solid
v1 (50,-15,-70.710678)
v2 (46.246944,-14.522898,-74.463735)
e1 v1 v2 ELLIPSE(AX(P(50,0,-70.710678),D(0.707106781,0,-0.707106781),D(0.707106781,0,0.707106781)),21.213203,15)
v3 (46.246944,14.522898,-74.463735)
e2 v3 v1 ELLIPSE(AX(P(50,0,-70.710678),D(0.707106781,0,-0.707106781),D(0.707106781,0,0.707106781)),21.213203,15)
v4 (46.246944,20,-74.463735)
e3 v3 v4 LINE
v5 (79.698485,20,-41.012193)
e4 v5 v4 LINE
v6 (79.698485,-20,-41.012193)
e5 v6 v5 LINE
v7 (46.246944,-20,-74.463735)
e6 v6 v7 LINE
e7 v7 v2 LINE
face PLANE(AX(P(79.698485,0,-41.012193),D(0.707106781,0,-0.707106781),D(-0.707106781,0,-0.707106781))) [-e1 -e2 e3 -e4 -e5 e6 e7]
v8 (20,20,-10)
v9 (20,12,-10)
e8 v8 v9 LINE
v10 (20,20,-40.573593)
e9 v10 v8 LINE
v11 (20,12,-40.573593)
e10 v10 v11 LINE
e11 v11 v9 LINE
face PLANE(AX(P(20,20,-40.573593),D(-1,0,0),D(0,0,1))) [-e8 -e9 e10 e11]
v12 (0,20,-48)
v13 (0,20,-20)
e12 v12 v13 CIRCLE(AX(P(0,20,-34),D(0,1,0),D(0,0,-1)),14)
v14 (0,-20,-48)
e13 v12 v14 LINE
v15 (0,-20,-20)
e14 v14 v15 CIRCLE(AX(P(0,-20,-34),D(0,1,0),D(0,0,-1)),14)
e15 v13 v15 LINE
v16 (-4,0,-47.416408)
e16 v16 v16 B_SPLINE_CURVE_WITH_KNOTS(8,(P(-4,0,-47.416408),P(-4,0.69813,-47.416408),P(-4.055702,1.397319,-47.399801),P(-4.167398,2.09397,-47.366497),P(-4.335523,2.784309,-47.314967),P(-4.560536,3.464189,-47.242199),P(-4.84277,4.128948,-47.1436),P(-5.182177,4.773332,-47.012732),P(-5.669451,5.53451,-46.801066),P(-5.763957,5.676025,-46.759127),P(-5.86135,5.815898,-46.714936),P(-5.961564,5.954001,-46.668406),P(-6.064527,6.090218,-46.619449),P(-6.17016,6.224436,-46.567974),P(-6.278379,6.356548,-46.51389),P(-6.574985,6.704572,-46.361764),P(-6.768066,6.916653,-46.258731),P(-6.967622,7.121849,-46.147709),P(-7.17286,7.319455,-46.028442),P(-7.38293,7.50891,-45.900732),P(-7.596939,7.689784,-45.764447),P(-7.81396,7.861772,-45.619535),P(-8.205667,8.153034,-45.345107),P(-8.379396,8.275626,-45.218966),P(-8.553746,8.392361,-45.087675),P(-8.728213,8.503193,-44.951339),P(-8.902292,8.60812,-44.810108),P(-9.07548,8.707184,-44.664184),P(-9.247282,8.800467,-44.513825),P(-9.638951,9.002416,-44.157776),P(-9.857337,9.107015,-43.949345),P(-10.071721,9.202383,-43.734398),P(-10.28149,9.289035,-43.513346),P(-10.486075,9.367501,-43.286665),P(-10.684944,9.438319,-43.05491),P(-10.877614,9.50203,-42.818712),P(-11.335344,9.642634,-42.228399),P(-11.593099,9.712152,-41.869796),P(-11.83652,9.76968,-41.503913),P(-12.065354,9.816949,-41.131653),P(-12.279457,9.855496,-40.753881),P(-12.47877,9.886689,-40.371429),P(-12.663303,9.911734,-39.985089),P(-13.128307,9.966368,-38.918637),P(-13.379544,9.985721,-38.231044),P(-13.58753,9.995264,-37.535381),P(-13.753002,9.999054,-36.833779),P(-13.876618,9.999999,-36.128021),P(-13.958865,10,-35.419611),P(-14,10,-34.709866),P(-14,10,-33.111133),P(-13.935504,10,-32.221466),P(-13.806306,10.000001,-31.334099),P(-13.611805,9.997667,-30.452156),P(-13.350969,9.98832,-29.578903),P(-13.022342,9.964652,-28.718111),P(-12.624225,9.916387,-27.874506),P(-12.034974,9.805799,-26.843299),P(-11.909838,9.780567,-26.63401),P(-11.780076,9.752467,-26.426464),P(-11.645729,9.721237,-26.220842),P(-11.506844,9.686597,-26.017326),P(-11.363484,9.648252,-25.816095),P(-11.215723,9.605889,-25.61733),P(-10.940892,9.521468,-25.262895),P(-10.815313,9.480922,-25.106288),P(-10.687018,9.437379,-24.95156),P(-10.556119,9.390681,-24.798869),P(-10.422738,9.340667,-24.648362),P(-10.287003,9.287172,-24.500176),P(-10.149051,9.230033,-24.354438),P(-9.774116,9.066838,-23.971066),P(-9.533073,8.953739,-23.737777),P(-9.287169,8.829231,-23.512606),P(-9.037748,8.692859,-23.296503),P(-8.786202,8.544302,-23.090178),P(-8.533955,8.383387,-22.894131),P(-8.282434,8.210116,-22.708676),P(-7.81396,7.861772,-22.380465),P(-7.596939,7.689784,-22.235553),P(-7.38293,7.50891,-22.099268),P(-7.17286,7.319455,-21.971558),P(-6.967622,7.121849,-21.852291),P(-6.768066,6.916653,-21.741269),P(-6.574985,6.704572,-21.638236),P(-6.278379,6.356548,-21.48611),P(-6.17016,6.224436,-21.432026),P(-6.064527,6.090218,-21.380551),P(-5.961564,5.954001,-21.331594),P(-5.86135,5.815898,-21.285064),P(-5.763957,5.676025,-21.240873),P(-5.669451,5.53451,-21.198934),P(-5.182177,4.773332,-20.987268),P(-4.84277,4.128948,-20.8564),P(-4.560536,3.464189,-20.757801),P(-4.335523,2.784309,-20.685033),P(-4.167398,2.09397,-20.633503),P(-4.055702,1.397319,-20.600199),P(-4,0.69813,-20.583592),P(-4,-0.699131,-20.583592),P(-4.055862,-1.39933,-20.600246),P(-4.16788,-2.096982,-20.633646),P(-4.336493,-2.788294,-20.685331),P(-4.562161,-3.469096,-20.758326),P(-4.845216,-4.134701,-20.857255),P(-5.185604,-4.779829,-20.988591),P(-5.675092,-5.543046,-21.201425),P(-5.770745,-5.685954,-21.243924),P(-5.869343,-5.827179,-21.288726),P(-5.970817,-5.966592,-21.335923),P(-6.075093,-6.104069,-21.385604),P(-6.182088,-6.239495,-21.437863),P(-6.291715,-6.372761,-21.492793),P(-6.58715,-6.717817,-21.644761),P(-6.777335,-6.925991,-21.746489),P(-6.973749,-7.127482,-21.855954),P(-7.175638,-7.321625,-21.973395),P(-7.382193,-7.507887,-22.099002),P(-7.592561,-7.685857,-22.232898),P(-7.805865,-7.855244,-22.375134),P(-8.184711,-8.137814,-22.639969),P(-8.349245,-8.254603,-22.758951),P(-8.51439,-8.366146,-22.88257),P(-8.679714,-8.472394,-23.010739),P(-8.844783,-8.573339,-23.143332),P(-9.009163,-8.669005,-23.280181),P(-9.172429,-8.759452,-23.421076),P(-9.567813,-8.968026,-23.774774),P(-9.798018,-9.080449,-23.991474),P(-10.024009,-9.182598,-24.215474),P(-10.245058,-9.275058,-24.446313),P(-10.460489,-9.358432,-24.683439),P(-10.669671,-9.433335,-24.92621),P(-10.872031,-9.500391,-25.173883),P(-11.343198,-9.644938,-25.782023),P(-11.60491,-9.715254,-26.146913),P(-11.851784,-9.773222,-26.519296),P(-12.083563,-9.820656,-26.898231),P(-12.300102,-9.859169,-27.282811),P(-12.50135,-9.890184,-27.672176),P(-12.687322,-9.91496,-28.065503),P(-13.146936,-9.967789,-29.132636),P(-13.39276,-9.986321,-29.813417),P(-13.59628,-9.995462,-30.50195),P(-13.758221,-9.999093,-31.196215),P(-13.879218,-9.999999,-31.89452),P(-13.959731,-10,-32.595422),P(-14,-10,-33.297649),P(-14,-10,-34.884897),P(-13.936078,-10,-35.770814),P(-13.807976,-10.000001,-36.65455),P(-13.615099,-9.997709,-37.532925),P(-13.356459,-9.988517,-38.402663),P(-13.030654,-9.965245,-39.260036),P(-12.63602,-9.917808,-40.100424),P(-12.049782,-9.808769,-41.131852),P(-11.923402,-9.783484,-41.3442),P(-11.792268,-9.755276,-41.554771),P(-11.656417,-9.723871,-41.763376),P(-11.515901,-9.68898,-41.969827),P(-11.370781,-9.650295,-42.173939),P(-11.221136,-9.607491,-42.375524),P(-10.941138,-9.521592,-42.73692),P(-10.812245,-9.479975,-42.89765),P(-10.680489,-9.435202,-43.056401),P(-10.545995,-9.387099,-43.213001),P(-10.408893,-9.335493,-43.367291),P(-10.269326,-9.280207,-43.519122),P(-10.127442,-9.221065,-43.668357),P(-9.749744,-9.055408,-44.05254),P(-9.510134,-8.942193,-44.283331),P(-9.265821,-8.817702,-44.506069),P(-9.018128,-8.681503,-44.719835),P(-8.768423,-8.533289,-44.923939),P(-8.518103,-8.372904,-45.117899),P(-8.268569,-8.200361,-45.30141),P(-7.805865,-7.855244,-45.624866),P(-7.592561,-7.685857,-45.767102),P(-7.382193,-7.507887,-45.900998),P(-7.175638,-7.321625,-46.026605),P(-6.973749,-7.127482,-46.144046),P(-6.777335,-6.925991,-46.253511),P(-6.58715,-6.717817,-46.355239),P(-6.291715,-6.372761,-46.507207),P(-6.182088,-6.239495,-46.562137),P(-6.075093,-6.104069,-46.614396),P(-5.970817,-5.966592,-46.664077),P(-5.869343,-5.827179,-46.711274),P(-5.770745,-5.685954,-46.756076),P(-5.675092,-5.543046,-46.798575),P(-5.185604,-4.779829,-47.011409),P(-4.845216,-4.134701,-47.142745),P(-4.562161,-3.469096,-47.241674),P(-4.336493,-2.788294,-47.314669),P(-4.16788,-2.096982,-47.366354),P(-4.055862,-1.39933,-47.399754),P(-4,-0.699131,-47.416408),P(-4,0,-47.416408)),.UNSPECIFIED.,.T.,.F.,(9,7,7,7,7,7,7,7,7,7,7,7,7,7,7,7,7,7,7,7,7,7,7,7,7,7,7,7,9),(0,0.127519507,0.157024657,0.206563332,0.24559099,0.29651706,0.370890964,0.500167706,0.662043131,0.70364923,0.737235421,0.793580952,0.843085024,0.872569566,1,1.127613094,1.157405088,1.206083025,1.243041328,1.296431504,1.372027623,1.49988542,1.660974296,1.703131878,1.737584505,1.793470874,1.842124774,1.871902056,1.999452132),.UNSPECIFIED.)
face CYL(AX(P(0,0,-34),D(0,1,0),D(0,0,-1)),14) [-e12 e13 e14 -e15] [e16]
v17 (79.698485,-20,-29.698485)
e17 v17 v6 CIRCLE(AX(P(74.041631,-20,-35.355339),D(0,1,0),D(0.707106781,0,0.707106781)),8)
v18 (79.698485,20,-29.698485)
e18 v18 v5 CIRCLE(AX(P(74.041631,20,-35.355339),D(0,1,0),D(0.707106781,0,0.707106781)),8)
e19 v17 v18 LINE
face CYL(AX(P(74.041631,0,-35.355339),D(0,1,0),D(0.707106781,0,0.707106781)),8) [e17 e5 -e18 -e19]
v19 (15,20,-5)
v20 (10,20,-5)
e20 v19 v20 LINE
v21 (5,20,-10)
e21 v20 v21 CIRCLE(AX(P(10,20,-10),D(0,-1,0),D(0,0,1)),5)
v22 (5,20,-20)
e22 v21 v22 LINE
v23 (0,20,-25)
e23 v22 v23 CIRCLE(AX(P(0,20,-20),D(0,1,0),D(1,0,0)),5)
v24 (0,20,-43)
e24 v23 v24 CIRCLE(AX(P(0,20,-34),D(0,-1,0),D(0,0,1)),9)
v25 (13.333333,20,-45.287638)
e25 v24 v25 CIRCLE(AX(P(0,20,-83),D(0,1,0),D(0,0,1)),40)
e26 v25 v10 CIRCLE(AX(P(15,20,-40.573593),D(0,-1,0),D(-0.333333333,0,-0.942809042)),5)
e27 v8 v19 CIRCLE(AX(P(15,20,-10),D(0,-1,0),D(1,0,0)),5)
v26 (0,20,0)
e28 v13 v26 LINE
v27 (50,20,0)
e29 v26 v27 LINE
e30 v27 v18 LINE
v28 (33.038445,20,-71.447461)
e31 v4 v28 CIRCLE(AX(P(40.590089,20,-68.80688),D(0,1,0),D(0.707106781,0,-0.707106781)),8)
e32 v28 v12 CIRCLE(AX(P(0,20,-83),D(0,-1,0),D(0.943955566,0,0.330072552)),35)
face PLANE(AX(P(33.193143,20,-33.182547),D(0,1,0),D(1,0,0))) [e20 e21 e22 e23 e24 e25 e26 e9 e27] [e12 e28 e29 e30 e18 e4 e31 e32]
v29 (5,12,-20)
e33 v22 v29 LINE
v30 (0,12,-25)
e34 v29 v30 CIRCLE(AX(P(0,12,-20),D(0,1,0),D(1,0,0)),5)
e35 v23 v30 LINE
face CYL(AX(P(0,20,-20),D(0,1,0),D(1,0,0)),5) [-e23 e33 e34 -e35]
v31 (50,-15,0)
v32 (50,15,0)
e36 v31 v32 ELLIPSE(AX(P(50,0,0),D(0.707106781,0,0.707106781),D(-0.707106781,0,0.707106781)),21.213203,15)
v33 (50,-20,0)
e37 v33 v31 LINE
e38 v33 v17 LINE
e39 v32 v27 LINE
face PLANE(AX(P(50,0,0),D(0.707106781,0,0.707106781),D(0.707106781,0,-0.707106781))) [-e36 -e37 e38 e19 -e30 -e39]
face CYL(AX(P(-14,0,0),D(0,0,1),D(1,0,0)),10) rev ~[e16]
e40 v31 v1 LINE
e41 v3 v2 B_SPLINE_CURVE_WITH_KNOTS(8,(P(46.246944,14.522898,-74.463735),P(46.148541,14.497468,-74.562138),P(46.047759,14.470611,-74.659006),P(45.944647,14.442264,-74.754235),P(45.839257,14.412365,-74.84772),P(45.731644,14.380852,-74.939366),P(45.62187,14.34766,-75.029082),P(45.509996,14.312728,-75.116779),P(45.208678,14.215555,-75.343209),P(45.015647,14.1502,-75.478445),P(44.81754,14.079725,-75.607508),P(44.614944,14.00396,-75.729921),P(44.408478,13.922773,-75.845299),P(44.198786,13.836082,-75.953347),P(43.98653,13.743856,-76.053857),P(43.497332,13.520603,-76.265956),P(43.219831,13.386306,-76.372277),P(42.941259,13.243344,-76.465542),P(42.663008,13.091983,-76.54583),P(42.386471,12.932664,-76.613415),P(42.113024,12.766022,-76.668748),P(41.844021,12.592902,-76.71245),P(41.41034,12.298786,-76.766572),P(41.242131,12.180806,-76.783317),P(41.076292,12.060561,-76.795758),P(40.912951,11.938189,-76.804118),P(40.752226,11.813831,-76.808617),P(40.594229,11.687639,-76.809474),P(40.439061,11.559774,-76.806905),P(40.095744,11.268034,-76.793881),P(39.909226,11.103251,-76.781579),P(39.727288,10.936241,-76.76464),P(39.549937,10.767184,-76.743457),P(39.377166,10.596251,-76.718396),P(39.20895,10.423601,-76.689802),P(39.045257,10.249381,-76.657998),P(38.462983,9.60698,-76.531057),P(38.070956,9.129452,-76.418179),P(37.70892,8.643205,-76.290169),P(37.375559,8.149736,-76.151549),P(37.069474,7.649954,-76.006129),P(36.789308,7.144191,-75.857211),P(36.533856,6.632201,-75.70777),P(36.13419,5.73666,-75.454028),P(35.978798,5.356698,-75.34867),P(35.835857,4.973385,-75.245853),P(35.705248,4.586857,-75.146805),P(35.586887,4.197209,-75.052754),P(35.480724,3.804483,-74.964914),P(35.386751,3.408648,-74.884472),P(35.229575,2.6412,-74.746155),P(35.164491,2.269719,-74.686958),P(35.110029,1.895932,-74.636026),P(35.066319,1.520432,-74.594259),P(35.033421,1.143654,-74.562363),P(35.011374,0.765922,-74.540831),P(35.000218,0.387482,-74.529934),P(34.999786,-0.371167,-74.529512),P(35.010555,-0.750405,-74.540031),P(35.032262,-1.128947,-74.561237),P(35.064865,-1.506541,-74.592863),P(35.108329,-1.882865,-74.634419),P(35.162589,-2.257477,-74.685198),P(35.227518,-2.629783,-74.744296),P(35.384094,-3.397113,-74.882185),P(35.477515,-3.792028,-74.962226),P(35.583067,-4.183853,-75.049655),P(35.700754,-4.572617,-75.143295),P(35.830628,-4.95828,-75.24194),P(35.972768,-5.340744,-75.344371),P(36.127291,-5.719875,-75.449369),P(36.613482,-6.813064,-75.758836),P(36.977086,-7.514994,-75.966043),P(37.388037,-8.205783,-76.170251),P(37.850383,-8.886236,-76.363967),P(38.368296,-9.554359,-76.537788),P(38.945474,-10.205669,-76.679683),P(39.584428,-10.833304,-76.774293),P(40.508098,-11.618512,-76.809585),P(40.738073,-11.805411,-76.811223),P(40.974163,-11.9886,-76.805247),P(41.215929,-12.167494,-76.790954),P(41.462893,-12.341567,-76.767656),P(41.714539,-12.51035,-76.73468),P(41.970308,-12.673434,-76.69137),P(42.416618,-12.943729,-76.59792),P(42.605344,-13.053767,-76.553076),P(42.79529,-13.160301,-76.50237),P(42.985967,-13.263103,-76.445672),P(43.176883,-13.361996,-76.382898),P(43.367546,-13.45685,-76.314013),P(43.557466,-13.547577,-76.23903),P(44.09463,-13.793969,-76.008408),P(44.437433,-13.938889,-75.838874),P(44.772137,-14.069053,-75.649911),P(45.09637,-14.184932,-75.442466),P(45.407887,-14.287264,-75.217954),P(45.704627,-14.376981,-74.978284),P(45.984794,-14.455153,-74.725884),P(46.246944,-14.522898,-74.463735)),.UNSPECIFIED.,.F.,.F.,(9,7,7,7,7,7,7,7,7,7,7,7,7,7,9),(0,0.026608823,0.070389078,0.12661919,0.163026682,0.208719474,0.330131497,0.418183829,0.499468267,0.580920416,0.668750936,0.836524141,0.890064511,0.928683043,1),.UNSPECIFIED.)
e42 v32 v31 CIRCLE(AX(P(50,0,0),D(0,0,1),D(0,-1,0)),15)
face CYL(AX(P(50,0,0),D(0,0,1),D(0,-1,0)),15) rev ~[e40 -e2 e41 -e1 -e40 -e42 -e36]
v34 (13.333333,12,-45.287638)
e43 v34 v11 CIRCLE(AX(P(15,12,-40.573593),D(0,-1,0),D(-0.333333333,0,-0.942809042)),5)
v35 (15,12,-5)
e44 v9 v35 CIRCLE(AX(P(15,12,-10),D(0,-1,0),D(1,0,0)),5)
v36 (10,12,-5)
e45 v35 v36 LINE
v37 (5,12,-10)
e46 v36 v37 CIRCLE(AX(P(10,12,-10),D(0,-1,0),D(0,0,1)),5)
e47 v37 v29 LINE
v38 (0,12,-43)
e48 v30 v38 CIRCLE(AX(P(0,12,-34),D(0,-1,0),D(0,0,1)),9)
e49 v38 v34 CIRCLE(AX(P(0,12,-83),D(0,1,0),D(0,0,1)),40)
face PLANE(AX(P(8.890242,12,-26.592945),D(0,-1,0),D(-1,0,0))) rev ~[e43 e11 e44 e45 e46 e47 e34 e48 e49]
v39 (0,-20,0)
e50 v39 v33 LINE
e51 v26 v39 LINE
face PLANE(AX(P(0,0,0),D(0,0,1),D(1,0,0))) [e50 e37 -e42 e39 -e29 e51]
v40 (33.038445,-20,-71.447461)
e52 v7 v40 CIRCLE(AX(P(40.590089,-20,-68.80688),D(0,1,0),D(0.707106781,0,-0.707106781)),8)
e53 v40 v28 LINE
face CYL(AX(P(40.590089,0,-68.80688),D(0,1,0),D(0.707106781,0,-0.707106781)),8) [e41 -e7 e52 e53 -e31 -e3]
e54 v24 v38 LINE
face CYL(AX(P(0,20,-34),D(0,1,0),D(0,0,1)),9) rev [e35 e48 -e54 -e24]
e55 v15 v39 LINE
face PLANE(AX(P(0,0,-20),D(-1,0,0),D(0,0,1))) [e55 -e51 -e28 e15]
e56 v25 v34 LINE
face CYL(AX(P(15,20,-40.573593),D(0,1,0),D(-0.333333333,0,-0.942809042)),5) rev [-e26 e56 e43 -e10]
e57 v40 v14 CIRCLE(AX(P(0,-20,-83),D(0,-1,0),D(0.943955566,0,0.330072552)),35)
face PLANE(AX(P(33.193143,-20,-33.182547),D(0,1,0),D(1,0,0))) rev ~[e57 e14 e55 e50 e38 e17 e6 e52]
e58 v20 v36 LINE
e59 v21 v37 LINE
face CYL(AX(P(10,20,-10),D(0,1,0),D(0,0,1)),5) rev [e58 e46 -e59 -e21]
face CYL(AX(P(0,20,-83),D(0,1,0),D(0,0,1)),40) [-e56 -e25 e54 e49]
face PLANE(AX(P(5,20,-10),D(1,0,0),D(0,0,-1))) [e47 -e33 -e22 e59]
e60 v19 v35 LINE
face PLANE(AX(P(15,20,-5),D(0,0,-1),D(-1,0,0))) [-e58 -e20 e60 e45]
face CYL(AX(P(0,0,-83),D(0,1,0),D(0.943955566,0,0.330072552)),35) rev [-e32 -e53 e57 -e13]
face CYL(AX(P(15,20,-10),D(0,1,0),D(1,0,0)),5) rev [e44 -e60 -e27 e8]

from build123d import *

# Parameters (mm, degrees)
BOSS_EXTRU_1_DEPTH      = 20
ENL_V_MAT_EXTRU_1_DEPTH = 8
ESQUISSE3_R             = 15
ESQUISSE3_R_2           = 10
ENL_V_MAT_EXTRU_2_DEPTH = 115.149577324


with BuildPart() as part:
    # Esquisse1 → Boss.-Extru.1 (new, symmetric)
    with BuildSketch(Plane(origin=(0, 0, 0), x_dir=(1, 0, 0), z_dir=(0, 1, 0))):
        with BuildLine():
            Line((0, 0), (50, 0))
            Line((50, 0), (79.69848481, 29.69848481))
            ThreePointArc((79.69848481, 29.69848481), (82.04163056, 35.355339059), (79.69848481, 41.012193309))
            Line((79.69848481, 41.012193309), (46.246943589, 74.463734529))
            ThreePointArc((46.246943589, 74.463734529), (38.809068701, 76.606108799), (33.038444811, 71.447460693))
            ThreePointArc((33.038444811, 71.447460693), (20.256617737, 54.457585283), (0, 48))
            ThreePointArc((0, 48), (-14, 34), (0, 20))
            Line((0, 20), (0, 0))
        make_face()
    extrude(amount=BOSS_EXTRU_1_DEPTH, both=True)

    # Esquisse2 → Enlèv. mat.-Extru.1 (cut)
    with BuildSketch(Plane(origin=(0, 20, 0), x_dir=(1, 0, 0), z_dir=(0, 1, 0))):
        with BuildLine():
            Line((20, 40.573593129), (20, 10))
            ThreePointArc((20, 10), (18.535533906, 6.464466094), (15, 5))
            Line((15, 5), (10, 5))
            ThreePointArc((10, 5), (6.464466094, 6.464466094), (5, 10))
            Line((5, 10), (5, 20))
            ThreePointArc((5, 20), (3.535533906, 23.535533906), (0, 25))
            ThreePointArc((0, 25), (-9, 34), (0, 43))
            ThreePointArc((0, 43), (6.764079149, 43.576057614), (13.333333333, 45.287638337))
            ThreePointArc((13.333333333, 45.287638337), (17.886751346, 44.656076033), (20, 40.573593129))
        make_face()
    extrude(amount=-ENL_V_MAT_EXTRU_1_DEPTH, mode=Mode.SUBTRACT)

    # Esquisse3 → Enlèv. mat.-Extru.2 (cut, through all)
    with BuildSketch(Plane.XY):
        with Locations(Location((50, 0, 0), (0, 0, 270))):
            Circle(ESQUISSE3_R)
        with Locations((-14, 0)):
            Circle(ESQUISSE3_R_2)
    extrude(amount=-ENL_V_MAT_EXTRU_2_DEPTH, mode=Mode.SUBTRACT)


solid = part.part
